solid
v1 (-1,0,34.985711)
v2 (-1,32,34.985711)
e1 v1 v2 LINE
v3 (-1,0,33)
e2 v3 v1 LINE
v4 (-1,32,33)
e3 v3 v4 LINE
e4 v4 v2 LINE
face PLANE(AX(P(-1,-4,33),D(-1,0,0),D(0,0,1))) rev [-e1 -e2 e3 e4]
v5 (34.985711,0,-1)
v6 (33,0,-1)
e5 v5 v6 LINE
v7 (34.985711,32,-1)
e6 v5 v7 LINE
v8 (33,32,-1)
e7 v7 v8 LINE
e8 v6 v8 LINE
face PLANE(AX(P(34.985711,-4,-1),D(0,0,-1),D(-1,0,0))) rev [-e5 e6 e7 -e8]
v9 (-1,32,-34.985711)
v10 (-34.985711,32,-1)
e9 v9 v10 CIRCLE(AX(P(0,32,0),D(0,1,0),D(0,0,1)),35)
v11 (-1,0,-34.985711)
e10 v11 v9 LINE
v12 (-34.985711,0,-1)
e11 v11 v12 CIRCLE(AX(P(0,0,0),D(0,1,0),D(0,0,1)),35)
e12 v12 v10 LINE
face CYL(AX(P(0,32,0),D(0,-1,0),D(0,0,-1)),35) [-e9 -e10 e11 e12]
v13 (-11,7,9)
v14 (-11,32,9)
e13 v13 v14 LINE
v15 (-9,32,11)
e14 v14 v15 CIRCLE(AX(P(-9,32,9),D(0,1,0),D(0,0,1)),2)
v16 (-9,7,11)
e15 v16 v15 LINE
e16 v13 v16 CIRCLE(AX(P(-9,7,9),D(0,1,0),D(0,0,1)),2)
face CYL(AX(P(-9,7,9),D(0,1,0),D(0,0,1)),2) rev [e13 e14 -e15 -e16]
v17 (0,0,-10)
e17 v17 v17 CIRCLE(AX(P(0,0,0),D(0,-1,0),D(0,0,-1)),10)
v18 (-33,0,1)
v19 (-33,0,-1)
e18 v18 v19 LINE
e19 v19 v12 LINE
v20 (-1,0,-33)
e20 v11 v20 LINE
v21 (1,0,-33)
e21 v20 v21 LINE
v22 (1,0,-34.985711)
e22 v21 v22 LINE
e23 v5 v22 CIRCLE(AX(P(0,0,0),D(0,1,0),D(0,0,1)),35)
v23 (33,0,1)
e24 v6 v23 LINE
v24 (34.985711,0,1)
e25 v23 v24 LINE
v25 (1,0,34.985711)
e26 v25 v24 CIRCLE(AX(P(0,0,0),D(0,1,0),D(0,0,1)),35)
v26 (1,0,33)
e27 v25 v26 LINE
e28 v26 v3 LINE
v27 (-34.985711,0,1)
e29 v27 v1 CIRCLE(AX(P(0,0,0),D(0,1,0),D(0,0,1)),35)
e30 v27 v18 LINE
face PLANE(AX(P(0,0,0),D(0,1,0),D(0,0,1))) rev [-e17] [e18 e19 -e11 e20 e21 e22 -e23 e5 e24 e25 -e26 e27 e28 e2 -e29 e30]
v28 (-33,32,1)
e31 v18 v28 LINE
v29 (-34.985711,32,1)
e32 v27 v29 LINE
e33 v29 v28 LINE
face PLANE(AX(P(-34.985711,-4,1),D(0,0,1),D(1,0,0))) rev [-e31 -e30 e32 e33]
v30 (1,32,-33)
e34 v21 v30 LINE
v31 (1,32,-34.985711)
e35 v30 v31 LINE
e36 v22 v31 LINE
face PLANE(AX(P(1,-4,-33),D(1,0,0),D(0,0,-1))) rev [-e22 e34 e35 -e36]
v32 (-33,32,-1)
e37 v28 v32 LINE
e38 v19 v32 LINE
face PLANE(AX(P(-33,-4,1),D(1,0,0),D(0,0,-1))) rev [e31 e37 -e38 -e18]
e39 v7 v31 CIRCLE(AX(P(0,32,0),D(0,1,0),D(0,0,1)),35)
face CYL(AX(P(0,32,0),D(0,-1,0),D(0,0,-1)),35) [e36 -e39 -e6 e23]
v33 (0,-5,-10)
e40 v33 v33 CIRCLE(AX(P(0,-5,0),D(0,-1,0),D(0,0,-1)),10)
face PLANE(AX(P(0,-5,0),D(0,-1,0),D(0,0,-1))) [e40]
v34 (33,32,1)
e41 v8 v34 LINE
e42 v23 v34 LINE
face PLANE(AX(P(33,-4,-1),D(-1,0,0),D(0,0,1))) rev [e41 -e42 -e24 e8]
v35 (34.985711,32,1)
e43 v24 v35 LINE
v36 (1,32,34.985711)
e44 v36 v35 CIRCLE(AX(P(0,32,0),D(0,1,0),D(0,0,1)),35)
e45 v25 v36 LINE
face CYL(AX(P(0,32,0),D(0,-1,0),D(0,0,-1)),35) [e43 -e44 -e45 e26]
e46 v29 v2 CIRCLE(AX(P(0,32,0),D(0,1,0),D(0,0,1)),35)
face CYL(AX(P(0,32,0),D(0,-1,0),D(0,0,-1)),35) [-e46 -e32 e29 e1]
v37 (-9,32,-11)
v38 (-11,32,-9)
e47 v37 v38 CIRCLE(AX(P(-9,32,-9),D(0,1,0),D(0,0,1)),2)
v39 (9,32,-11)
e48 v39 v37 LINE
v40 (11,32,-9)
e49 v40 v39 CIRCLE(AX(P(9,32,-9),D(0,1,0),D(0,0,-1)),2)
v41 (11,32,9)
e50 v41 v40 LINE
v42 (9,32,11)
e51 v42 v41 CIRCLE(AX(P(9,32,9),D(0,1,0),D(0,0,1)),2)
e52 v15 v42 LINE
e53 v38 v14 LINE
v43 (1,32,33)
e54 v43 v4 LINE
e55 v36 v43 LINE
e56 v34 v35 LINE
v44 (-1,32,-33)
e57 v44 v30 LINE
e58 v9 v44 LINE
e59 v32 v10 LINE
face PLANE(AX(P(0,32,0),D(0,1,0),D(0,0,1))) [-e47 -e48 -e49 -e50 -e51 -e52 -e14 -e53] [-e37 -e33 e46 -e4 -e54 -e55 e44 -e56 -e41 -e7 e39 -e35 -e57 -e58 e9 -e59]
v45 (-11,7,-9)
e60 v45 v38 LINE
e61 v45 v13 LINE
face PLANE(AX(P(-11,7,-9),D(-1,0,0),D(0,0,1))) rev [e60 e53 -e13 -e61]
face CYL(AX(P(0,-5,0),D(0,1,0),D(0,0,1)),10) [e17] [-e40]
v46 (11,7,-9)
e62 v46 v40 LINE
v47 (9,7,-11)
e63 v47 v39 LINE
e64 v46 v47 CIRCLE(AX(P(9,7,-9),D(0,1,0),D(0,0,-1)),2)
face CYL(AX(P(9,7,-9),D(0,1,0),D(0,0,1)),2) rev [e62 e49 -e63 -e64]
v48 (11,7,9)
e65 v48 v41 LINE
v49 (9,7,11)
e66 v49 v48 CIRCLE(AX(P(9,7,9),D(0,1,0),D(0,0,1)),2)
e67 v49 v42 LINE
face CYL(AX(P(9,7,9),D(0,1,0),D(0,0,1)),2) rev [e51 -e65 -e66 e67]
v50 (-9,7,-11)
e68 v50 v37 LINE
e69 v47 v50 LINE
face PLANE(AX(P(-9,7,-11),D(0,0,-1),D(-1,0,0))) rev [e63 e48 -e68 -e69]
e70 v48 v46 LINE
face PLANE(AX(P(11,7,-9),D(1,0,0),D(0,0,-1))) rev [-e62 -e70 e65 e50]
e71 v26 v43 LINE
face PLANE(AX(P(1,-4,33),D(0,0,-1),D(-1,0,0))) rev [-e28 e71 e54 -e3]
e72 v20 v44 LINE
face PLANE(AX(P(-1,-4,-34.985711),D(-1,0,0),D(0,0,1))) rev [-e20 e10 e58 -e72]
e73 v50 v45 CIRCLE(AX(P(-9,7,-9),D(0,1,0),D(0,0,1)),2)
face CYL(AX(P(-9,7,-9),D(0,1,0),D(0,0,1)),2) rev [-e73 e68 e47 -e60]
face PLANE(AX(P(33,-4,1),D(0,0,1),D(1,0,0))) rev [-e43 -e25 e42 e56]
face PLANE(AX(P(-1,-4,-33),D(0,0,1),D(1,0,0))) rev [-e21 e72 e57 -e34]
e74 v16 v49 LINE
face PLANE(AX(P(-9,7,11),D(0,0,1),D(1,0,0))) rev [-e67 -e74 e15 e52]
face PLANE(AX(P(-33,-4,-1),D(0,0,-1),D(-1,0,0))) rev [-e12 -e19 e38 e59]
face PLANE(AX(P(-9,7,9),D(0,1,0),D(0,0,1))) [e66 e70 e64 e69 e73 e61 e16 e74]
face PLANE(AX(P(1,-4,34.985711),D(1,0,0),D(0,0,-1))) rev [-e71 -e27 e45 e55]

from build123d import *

# Parameters (mm, degrees)
SKETCH1_R           = 35
BOSS_EXTRUDE1_DEPTH = 32
SKETCH2_R           = 10
BOSS_EXTRUDE2_DEPTH = 5
CUT_EXTRUDE1_DEPTH  = 25
CUT_EXTRUDE2_DEPTH  = 36


with BuildPart() as part:
    # Sketch1 → Boss-Extrude1 (new body)
    with BuildSketch(Plane(origin=(0, 0, 0), x_dir=(1, 0, 0), z_dir=(0, 1, 0))):
        Circle(SKETCH1_R)
    extrude(amount=BOSS_EXTRUDE1_DEPTH)

    # Sketch2 → Boss-Extrude2 (add)
    with BuildSketch(Plane.XZ):
        Circle(SKETCH2_R)
    extrude(amount=BOSS_EXTRUDE2_DEPTH)

    # Sketch3 → Cut-Extrude1 (cut)
    with BuildSketch(Plane(origin=(0, 32, 0), x_dir=(1, 0, 0), z_dir=(0, 1, 0))):
        with BuildLine():
            Line((-9, 11), (9, 11))
            ThreePointArc((9, 11), (10.414213562, 10.414213562), (11, 9))
            Line((11, 9), (11, -9))
            ThreePointArc((11, -9), (10.414213562, -10.414213562), (9, -11))
            Line((9, -11), (-9, -11))
            ThreePointArc((-9, -11), (-10.414213562, -10.414213562), (-11, -9))
            Line((-11, -9), (-11, 9))
            ThreePointArc((-11, 9), (-10.414213562, 10.414213562), (-9, 11))
        make_face()
    extrude(amount=-CUT_EXTRUDE1_DEPTH, mode=Mode.SUBTRACT)

    # Sketch4 → Cut-Extrude2 (cut)
    with BuildSketch(Plane(origin=(0, 32, 0), x_dir=(1, 0, 0), z_dir=(0, 1, 0))):
        with BuildLine():
            Line((-1, 34.985711369), (-1, 33))
            Line((-1, 33), (1, 33))
            Line((1, 33), (1, 34.985711369))
            ThreePointArc((1, 34.985711369), (0, 35), (-1, 34.985711369))
        make_face()
        with BuildLine():
            Line((34.985711369, 1), (33, 1))
            Line((33, 1), (33, -1))
            Line((33, -1), (34.985711369, -1))
            ThreePointArc((34.985711369, -1), (35, 0), (34.985711369, 1))
        make_face()
        with BuildLine():
            Line((1, -34.985711369), (1, -33))
            Line((1, -33), (-1, -33))
            Line((-1, -33), (-1, -34.985711369))
            ThreePointArc((-1, -34.985711369), (0, -35), (1, -34.985711369))
        make_face()
        with BuildLine():
            Line((-34.985711369, -1), (-33, -1))
            Line((-33, -1), (-33, 1))
            Line((-33, 1), (-34.985711369, 1))
            ThreePointArc((-34.985711369, 1), (-35, 0), (-34.985711369, -1))
        make_face()
    extrude(amount=-CUT_EXTRUDE2_DEPTH, mode=Mode.SUBTRACT)


solid = part.part
